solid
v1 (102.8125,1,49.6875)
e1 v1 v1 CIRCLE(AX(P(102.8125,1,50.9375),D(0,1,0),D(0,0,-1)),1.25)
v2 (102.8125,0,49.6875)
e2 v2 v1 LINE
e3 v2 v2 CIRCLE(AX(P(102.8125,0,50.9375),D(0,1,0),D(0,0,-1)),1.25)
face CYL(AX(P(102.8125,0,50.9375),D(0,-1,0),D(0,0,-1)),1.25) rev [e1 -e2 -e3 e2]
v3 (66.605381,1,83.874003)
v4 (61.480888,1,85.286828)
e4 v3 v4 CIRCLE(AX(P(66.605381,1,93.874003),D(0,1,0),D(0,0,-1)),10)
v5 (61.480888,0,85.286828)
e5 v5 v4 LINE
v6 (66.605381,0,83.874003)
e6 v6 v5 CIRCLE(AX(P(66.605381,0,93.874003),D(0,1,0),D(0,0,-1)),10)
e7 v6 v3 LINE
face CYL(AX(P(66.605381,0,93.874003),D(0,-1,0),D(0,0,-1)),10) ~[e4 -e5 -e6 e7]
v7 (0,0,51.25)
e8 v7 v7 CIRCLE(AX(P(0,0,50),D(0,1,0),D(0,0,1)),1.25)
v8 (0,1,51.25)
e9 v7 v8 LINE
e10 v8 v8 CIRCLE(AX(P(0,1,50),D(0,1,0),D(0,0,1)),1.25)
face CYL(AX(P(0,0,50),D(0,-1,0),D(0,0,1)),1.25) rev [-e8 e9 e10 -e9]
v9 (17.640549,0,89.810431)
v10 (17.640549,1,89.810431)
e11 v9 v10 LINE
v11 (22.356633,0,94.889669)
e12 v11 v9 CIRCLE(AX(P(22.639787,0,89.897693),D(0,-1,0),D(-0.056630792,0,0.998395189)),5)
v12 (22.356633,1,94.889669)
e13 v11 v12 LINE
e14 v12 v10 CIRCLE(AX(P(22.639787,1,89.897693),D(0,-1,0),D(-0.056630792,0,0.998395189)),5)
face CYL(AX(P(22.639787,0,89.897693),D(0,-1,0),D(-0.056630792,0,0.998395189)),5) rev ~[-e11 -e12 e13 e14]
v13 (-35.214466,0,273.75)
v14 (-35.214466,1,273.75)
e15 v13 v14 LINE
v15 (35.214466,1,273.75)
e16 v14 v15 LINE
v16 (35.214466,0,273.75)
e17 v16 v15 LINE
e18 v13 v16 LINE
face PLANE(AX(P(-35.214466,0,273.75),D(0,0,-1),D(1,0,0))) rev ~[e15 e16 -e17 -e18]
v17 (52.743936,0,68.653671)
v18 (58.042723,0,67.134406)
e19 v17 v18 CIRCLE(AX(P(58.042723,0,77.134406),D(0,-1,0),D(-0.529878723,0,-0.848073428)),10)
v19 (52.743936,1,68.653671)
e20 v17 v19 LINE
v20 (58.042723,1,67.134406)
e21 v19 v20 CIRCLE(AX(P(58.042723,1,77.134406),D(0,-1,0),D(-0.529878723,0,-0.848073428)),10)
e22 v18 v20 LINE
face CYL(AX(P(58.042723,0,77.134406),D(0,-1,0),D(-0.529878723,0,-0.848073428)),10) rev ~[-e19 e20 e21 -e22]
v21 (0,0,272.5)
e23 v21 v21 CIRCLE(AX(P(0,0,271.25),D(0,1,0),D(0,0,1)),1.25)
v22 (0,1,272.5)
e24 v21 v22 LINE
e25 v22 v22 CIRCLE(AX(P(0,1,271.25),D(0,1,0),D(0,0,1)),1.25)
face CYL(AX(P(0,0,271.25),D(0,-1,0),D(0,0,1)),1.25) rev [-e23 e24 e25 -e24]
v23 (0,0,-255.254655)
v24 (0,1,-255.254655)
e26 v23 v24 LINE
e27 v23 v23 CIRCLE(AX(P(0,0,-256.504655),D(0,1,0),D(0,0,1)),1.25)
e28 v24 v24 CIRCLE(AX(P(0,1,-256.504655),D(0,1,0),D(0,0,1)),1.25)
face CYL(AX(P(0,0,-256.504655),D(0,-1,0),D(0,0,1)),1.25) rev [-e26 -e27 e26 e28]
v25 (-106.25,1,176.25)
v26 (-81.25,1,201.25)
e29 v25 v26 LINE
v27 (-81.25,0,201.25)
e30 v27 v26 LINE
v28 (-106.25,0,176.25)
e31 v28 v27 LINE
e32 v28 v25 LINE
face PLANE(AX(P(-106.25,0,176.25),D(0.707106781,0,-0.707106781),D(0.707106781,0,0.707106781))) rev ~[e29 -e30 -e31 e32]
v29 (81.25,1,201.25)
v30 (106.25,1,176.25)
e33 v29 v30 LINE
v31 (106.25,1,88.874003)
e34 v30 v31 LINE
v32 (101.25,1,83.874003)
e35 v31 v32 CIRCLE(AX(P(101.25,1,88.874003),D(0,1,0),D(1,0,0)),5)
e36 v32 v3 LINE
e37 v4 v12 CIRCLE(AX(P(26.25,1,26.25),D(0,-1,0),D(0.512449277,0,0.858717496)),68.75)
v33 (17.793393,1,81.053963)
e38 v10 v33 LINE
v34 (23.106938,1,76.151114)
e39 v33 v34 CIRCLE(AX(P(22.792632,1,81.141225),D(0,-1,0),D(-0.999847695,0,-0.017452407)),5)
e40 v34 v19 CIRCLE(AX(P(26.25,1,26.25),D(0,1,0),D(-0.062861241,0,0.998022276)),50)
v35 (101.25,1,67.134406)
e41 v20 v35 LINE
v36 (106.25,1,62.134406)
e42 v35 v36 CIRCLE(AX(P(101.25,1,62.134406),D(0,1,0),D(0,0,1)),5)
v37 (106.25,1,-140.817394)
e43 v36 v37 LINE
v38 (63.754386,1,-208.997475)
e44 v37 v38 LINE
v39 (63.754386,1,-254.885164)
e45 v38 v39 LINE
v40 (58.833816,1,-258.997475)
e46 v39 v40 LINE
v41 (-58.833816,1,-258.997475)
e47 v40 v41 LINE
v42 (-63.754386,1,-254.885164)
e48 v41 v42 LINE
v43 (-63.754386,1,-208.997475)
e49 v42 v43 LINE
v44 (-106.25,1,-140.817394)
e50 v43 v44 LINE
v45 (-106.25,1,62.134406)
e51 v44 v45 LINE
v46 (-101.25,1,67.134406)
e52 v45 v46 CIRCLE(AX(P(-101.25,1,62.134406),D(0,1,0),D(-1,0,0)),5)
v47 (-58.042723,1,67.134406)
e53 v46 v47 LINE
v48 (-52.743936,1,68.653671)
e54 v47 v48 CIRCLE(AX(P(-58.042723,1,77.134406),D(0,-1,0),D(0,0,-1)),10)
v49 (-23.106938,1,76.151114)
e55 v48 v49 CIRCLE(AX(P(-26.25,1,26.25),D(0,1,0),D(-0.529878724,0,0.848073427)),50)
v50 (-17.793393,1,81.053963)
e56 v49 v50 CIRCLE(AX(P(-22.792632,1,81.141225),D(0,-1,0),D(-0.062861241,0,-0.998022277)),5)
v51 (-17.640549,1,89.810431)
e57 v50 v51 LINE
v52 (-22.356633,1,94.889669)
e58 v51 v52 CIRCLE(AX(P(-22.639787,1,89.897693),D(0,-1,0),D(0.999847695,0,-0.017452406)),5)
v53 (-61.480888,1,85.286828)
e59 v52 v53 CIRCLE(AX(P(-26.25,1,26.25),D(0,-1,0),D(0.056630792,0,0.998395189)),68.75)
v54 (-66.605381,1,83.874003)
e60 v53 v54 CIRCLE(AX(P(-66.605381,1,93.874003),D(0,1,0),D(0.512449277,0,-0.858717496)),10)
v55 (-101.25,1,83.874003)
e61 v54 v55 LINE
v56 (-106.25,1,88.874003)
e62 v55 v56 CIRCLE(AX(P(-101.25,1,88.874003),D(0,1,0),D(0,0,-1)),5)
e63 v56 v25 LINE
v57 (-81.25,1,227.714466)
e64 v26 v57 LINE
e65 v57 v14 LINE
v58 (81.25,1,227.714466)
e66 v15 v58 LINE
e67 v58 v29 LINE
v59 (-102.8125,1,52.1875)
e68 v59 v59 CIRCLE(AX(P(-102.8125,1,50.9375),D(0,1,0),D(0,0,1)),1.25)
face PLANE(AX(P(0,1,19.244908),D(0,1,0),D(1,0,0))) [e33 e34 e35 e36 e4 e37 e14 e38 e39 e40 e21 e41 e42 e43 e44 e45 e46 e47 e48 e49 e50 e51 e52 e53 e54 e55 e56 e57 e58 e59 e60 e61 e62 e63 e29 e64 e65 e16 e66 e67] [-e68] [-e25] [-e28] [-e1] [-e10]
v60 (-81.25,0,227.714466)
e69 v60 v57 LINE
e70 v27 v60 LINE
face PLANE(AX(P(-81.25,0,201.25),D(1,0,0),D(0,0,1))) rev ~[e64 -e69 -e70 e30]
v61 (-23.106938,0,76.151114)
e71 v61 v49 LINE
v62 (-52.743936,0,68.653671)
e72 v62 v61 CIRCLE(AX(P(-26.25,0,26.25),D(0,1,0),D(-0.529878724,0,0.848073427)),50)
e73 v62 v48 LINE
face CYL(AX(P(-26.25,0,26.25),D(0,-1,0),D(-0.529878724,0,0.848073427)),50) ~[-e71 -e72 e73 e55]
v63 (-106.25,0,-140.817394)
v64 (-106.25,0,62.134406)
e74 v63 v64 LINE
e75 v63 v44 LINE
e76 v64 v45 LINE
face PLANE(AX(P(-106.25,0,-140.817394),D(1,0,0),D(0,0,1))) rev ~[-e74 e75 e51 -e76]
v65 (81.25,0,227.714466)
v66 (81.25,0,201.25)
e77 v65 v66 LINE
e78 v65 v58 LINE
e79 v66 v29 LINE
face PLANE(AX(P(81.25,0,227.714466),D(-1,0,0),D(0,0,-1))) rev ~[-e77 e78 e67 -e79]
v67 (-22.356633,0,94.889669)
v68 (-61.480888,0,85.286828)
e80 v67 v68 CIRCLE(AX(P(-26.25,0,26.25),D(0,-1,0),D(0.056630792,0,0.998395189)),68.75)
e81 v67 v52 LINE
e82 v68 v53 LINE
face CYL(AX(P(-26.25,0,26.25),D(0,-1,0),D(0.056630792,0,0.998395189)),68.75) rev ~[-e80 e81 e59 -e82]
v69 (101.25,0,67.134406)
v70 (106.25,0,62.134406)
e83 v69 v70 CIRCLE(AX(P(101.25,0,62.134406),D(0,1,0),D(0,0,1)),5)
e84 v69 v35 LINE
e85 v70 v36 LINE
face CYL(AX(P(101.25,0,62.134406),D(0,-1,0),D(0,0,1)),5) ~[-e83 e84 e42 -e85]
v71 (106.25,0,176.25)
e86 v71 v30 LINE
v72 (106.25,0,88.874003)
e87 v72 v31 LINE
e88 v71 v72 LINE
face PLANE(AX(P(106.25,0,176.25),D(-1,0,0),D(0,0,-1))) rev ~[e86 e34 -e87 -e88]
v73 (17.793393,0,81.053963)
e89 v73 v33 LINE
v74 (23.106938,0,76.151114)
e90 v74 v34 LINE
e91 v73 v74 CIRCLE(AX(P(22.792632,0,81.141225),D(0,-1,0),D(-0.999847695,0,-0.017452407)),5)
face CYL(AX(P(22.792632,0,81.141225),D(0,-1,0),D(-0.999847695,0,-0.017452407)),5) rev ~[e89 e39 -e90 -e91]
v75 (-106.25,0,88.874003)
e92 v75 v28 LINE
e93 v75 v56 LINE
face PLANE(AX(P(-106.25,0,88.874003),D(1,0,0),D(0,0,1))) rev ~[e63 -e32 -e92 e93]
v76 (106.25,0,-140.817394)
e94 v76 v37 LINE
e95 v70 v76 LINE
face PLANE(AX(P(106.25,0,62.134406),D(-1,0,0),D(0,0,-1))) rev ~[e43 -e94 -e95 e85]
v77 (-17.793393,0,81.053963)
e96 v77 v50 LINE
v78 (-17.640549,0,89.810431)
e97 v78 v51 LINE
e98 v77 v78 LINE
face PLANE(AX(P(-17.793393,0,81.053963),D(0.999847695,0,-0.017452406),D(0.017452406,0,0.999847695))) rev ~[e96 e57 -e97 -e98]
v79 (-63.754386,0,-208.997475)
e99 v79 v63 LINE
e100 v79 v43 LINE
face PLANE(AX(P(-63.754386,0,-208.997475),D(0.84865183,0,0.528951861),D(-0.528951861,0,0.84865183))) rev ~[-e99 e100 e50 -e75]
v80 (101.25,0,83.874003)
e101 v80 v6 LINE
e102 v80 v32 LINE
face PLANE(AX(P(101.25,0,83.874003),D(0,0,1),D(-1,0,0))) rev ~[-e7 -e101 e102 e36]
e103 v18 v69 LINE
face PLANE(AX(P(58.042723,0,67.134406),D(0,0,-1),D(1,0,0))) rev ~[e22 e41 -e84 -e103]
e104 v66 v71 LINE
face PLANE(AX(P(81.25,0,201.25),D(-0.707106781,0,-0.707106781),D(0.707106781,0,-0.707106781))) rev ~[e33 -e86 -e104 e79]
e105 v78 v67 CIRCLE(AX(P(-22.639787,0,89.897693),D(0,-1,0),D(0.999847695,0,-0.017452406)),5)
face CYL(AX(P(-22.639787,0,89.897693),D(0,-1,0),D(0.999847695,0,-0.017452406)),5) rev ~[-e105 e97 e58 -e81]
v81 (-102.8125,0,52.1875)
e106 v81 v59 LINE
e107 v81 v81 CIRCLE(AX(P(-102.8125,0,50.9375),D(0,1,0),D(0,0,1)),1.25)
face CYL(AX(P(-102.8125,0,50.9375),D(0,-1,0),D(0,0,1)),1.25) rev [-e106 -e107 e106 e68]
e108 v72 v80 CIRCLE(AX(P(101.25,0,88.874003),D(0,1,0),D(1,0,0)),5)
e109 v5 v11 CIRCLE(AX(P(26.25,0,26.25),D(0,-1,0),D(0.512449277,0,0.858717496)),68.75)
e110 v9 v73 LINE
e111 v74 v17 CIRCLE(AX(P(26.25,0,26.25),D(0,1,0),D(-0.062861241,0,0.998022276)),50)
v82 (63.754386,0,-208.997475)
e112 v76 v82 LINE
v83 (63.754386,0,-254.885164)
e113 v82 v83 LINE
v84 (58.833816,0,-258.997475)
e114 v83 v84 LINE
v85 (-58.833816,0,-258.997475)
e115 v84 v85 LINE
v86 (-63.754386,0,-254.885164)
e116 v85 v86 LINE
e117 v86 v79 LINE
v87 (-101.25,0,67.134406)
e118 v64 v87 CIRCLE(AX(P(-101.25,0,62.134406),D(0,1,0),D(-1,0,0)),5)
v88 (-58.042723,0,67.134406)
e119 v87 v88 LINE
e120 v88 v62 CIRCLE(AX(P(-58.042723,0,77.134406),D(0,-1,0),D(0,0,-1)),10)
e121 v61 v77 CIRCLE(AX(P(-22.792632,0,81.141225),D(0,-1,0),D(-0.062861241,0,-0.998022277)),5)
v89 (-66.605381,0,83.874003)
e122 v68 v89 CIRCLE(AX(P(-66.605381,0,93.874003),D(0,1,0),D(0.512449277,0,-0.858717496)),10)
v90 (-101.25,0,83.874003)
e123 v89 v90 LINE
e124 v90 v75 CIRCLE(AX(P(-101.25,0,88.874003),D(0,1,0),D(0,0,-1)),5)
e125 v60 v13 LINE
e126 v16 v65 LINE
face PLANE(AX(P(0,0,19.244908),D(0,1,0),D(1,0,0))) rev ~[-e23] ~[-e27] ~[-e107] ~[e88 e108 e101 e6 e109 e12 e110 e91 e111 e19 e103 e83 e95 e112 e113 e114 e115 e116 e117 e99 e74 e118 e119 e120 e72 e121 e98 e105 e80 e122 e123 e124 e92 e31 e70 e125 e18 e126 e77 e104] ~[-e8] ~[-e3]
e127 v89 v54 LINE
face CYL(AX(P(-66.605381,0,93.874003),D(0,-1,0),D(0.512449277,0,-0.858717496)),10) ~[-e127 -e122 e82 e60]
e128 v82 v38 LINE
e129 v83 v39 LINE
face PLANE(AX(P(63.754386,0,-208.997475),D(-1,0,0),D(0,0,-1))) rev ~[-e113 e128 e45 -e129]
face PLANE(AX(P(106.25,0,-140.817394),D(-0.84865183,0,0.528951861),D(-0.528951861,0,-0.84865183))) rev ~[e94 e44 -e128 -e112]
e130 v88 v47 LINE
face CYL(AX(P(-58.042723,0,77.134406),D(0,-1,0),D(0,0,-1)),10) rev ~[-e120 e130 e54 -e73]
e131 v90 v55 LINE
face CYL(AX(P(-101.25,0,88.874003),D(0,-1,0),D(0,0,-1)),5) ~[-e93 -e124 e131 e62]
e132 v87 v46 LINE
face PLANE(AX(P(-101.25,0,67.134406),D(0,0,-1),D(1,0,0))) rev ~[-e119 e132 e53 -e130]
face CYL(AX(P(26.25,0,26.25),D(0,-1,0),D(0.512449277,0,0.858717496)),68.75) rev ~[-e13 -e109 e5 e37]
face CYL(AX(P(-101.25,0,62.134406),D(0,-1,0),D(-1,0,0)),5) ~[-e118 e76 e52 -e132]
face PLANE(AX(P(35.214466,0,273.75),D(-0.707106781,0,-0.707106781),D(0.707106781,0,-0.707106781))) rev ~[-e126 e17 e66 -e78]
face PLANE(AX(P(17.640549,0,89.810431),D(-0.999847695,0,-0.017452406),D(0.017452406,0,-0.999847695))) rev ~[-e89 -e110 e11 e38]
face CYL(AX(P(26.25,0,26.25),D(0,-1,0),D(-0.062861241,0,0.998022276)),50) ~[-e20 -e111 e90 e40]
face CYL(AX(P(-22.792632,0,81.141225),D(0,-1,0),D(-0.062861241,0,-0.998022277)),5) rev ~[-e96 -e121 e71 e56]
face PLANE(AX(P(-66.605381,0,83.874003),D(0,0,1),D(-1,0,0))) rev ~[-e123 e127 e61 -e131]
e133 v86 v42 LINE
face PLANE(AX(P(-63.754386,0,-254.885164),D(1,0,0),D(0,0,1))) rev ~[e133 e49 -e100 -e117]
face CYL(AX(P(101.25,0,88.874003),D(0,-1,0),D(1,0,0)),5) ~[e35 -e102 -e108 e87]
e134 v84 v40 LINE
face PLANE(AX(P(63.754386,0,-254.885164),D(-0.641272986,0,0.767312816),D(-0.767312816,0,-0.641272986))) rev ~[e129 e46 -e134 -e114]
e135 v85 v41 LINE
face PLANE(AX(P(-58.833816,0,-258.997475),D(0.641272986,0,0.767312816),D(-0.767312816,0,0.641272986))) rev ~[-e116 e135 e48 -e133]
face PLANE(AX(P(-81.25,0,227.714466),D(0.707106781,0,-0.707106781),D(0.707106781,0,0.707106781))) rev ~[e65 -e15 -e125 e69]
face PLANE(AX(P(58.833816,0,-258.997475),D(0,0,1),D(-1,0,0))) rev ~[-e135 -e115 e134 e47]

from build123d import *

# Parameters (mm, degrees)
SKETCH1_R           = 1.25
BOSS_EXTRUDE1_DEPTH = 1


with BuildPart() as part:
    # Sketch1 → Boss-Extrude1 (new body)
    with BuildSketch(Plane(origin=(0, 0, 0), x_dir=(1, 0, 0), z_dir=(0, 1, 0))):
        with BuildLine():
            Line((-35.214466094, -273.75), (35.214466094, -273.75))
            Line((35.214466094, -273.75), (81.25, -227.714466094))
            Line((81.25, -227.714466094), (81.25, -201.25))
            Line((81.25, -201.25), (106.25, -176.25))
            Line((106.25, -176.25), (106.25, -88.874002831))
            ThreePointArc((106.25, -88.874002831), (104.785533906, -85.338468925), (101.25, -83.874002831))
            Line((101.25, -83.874002831), (66.605380572, -83.874002831))
            ThreePointArc((66.605380572, -83.874002831), (63.947538367, -84.23367738), (61.480887801, -85.286827869))
            ThreePointArc((61.480887801, -85.286827869), (42.637913048, -93.018246989), (22.356633062, -94.889669244))
            ThreePointArc((22.356633062, -94.889669244), (18.9756934, -93.299812922), (17.640548545, -89.810431267))
            Line((17.640548545, -89.810431267), (17.793393264, -81.053963175))
            ThreePointArc((17.793393264, -81.053963175), (19.401963586, -77.466532095), (23.106937946, -76.151113824))
            ThreePointArc((23.106937946, -76.151113824), (38.512493282, -74.722995147), (52.743936183, -68.653671368))
            ThreePointArc((52.743936183, -68.653671368), (55.286579623, -67.521722803), (58.04272342, -67.134405642))
            Line((58.04272342, -67.134405642), (101.25, -67.134405642))
            ThreePointArc((101.25, -67.134405642), (104.785533906, -65.669939548), (106.25, -62.134405642))
            Line((106.25, -62.134405642), (106.25, 140.817393532))
            Line((106.25, 140.817393532), (63.754385783, 208.997474683))
            Line((63.754385783, 208.997474683), (63.754385783, 254.885164258))
            Line((63.754385783, 254.885164258), (58.833815977, 258.997474683))
            Line((58.833815977, 258.997474683), (-58.833815977, 258.997474683))
            Line((-58.833815977, 258.997474683), (-63.754385783, 254.885164258))
            Line((-63.754385783, 254.885164258), (-63.754385783, 208.997474683))
            Line((-63.754385783, 208.997474683), (-106.25, 140.817393532))
            Line((-106.25, 140.817393532), (-106.25, -62.134405642))
            ThreePointArc((-106.25, -62.134405642), (-104.785533906, -65.669939548), (-101.25, -67.134405642))
            Line((-101.25, -67.134405642), (-58.04272342, -67.134405642))
            ThreePointArc((-58.04272342, -67.134405642), (-55.286579623, -67.521722803), (-52.743936183, -68.653671368))
            ThreePointArc((-52.743936183, -68.653671368), (-38.512493282, -74.722995147), (-23.106937946, -76.151113824))
            ThreePointArc((-23.106937946, -76.151113824), (-19.401963586, -77.466532095), (-17.793393264, -81.053963175))
            Line((-17.793393264, -81.053963175), (-17.640548545, -89.810431267))
            ThreePointArc((-17.640548545, -89.810431267), (-18.9756934, -93.299812922), (-22.356633062, -94.889669244))
            ThreePointArc((-22.356633062, -94.889669244), (-42.637913048, -93.018246989), (-61.480887801, -85.286827869))
            ThreePointArc((-61.480887801, -85.286827869), (-63.947538367, -84.23367738), (-66.605380572, -83.874002831))
            Line((-66.605380572, -83.874002831), (-101.25, -83.874002831))
            ThreePointArc((-101.25, -83.874002831), (-104.785533906, -85.338468925), (-106.25, -88.874002831))
            Line((-106.25, -88.874002831), (-106.25, -176.25))
            Line((-106.25, -176.25), (-81.25, -201.25))
            Line((-81.25, -201.25), (-81.25, -227.714466094))
            Line((-81.25, -227.714466094), (-35.214466094, -273.75))
        make_face()
        with Locations((0, 256.50465463)):
            Circle(SKETCH1_R, mode=Mode.SUBTRACT)
        with Locations((-102.8125, -50.9375)):
            Circle(SKETCH1_R, mode=Mode.SUBTRACT)
        with Locations((0, -50)):
            Circle(SKETCH1_R, mode=Mode.SUBTRACT)
        with Locations((0, -271.25)):
            Circle(SKETCH1_R, mode=Mode.SUBTRACT)
        with Locations((102.8125, -50.9375)):
            Circle(SKETCH1_R, mode=Mode.SUBTRACT)
    extrude(amount=BOSS_EXTRUDE1_DEPTH)


solid = part.part
